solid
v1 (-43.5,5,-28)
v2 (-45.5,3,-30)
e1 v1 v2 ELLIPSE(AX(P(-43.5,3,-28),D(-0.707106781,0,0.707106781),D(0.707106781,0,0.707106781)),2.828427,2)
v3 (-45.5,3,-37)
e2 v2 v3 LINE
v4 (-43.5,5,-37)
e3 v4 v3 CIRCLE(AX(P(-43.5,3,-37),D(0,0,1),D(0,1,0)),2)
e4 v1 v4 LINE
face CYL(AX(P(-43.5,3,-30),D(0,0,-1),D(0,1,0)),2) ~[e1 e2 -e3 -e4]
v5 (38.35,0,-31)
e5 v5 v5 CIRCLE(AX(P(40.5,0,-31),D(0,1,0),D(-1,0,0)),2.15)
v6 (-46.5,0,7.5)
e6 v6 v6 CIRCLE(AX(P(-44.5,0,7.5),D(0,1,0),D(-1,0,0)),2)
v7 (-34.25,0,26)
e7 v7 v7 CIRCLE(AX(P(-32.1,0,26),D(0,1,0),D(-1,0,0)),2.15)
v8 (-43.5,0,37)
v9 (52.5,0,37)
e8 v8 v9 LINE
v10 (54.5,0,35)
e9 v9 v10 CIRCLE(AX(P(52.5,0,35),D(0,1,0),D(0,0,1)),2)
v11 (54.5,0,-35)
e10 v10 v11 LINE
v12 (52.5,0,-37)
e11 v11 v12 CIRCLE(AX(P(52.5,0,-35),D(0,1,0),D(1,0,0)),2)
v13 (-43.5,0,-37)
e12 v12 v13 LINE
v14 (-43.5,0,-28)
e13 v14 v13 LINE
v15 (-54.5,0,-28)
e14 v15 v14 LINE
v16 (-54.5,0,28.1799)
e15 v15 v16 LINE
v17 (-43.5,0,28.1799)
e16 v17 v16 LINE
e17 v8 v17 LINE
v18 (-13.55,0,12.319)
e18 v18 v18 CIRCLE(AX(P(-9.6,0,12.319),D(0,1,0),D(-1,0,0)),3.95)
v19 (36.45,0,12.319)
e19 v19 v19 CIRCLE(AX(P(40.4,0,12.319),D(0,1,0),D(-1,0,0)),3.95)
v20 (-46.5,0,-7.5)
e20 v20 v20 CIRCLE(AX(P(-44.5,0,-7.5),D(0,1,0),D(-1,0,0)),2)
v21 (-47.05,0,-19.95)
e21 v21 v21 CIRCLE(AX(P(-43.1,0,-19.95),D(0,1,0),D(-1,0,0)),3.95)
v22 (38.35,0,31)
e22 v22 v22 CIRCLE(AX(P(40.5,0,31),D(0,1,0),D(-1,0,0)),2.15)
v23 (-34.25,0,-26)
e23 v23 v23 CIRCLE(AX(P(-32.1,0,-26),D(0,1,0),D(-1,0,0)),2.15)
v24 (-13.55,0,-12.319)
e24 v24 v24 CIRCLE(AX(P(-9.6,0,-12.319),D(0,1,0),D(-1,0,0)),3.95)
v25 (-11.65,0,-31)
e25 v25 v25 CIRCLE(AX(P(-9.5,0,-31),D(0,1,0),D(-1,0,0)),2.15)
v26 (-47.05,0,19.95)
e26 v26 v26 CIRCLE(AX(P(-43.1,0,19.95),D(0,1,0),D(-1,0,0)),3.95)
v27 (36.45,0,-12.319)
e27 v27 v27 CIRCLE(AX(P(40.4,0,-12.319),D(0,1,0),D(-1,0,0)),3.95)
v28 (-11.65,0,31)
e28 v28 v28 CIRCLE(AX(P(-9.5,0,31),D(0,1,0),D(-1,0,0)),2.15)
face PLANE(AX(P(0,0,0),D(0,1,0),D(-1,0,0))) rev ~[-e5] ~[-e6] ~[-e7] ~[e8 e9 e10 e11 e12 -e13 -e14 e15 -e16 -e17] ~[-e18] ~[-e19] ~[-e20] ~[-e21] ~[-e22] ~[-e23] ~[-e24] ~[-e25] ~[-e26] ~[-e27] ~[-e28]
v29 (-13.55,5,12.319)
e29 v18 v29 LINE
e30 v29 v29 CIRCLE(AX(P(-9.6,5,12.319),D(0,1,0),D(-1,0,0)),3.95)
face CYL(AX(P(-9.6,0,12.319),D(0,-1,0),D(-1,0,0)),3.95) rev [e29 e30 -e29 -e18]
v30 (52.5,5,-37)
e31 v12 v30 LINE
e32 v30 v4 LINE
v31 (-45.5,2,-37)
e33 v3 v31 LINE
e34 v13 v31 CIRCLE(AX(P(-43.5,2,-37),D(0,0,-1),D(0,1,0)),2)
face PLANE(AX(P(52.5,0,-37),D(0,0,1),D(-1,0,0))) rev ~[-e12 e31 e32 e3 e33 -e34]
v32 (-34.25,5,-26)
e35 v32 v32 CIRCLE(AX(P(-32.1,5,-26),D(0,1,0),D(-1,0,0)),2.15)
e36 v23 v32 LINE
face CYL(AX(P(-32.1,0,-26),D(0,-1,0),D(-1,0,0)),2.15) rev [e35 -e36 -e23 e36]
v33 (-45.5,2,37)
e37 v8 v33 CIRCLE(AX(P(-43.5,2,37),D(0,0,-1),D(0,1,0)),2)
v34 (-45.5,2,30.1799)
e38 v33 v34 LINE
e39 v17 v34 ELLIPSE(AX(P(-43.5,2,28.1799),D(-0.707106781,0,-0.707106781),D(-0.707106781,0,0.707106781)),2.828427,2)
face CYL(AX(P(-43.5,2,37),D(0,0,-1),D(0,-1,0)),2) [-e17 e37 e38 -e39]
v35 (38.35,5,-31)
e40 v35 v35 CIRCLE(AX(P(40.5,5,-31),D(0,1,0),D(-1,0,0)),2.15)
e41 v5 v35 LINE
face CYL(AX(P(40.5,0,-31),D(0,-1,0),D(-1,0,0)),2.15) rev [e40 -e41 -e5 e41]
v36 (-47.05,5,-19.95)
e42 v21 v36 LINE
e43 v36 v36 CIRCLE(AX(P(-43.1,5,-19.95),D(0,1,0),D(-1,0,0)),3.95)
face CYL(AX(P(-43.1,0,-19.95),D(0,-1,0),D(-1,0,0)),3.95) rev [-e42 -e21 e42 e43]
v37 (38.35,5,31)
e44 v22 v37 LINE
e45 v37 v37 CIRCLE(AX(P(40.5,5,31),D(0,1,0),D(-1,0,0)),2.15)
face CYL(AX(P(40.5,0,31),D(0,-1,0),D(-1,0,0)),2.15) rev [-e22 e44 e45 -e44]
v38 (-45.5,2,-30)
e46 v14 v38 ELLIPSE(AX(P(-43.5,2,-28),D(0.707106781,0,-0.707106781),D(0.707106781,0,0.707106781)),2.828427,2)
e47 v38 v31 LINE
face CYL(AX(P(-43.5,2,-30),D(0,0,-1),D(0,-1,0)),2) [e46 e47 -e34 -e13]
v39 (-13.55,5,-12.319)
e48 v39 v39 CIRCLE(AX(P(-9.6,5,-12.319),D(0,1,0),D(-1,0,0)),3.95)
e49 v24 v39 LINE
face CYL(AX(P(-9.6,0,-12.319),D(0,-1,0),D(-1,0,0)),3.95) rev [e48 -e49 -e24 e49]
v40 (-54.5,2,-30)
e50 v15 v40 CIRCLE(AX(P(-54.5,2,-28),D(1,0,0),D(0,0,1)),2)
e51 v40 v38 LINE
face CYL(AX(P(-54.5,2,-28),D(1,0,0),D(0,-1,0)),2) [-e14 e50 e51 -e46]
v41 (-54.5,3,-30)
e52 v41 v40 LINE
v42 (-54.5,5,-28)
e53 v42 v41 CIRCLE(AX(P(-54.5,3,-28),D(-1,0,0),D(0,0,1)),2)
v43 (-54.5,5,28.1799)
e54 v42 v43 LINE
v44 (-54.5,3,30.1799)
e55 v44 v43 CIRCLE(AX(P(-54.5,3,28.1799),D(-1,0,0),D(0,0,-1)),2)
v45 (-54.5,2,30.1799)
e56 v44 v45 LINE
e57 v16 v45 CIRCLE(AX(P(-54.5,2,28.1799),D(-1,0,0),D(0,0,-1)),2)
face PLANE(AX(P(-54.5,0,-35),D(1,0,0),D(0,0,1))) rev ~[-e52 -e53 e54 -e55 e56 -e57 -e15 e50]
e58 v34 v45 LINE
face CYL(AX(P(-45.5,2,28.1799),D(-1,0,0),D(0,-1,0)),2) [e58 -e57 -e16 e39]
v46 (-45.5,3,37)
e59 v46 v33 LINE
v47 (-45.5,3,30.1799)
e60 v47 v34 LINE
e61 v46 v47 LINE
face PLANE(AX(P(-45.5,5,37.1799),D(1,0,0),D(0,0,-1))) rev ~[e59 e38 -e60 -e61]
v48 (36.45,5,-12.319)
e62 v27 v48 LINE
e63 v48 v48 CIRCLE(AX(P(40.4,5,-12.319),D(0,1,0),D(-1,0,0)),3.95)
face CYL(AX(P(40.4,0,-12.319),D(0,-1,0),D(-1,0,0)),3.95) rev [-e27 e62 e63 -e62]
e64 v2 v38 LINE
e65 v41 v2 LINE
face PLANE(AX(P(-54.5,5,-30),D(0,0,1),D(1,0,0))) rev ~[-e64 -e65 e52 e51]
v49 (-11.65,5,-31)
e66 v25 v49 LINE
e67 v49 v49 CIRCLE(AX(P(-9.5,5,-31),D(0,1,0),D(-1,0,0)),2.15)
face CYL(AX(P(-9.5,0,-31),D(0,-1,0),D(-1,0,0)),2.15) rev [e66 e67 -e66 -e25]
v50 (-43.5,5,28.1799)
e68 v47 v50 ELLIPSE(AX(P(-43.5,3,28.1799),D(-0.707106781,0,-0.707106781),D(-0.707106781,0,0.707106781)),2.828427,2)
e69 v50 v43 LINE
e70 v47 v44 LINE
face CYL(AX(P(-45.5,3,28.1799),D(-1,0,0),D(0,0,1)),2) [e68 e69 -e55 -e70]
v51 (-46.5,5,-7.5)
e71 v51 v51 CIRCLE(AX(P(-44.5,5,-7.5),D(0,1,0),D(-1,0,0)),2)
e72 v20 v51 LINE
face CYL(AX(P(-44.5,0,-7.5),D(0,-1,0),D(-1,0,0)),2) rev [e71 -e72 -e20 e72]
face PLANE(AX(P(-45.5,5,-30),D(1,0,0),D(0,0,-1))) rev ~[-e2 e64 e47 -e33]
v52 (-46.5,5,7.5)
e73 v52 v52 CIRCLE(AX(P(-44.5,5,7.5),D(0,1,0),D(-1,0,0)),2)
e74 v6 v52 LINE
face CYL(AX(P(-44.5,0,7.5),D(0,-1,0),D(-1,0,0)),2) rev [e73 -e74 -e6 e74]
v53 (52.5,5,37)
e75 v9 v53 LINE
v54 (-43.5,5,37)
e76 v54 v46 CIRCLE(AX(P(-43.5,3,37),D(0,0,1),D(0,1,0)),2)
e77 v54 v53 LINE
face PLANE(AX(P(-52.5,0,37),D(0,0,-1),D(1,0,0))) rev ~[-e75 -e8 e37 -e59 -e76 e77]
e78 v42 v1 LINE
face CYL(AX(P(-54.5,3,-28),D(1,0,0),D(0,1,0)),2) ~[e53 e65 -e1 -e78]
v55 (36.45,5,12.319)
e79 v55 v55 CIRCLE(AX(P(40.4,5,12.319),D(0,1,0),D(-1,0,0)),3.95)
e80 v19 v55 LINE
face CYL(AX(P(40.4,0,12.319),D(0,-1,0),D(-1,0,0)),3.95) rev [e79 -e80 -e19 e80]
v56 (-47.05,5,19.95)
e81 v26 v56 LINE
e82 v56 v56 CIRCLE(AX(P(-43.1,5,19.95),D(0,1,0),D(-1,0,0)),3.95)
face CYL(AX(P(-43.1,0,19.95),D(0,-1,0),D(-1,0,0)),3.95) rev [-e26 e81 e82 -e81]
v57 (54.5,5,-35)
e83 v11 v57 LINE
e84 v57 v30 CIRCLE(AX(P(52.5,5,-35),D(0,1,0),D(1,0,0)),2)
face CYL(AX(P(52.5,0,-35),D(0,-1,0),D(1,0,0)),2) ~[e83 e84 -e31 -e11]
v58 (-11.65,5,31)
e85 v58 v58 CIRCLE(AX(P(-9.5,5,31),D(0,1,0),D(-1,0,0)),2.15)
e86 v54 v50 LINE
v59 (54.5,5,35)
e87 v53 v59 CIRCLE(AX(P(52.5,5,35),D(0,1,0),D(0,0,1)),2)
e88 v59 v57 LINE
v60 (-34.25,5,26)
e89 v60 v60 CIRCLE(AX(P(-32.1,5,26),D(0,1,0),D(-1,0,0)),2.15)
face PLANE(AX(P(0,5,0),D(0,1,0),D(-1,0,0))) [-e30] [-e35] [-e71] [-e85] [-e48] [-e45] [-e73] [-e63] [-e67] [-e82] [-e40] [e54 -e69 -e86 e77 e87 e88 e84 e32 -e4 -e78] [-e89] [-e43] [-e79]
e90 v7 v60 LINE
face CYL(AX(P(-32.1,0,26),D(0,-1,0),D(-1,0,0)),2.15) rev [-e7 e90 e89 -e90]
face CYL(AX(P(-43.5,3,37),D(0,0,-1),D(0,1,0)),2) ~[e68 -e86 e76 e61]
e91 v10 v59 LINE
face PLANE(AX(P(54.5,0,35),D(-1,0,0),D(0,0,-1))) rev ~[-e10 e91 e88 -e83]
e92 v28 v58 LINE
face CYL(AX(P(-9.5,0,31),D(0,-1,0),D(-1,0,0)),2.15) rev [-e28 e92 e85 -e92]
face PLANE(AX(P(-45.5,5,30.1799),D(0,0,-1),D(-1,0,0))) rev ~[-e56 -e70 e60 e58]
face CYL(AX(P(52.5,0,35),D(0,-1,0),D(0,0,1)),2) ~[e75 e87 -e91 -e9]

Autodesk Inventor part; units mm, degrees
ref_plane "YZ Plane" through (0, 0, 0) normal (1, 0, 0) x (0, 1, 0)
ref_plane "XZ Plane" through (0, 0, 0) normal (0, 1, 0) x (-1, 0, 0)
ref_plane "XY Plane" through (0, 0, 0) normal (0, 0, 1) x (1, 0, 0)
sketch "Sketch1" plane through (0, 0, 0) normal (0, 1, 0) x (-1, 0, 0)
  line L0 (52.5, 37) -> (-52.5, 37)
  line L1 (-54.5, 35) -> (-54.5, -35)
  line L2 (-52.5, -37) -> (52.5, -37)
  line L3 (54.5, -35) -> (54.5, 35)
  line L4 (54.5, 37) -> (-54.5, -37) construction
  line L5 (-54.5, 37) -> (54.5, -37) construction
  circle A0 centre (-40.5, -31) radius 2.15
  circle A1 centre (-40.5, 31) radius 2.15
  circle A2 centre (9.5, -31) radius 2.15
  circle A3 centre (9.5, 31) radius 2.15
  circle A4 centre (32.1, 26) radius 2.15
  circle A5 centre (32.1, -26) radius 2.15
  circle A6 centre (9.6, 12.319) radius 3.95
  circle A7 centre (9.6, -12.319) radius 3.95
  circle A8 centre (-40.4, 12.319) radius 3.95
  circle A9 centre (-40.4, -12.319) radius 3.95
  circle A10 centre (43.1, 19.95) radius 3.95
  circle A11 centre (43.1, -19.95) radius 3.95
  arc A12 (54.5, 35) -> (52.5, 37) centre (52.5, 35) ccw
  arc A13 (52.5, -37) -> (54.5, -35) centre (52.5, -35) ccw
  arc A14 (-54.5, -35) -> (-52.5, -37) centre (-52.5, -35) ccw
  arc A15 (-52.5, 37) -> (-54.5, 35) centre (-52.5, 35) ccw
  circle A16 centre (44.5, -7.5) radius 2
  circle A17 centre (44.5, 7.5) radius 2
  point P0 (0, 0)
  dimension "d0" = 109
  dimension "d1" = 74
  dimension "d2" = 4.3
  dimension "d3" = 6
  dimension "d4" = 14
  dimension "d5" = 4.3
  dimension "d6" = 6
  dimension "d7" = 14
  dimension "d8" = 4.3
  dimension "d9" = 6
  dimension "d10" = 64
  dimension "d11" = 4.3
  dimension "d12" = 6
  dimension "d13" = 64
  dimension "d14" = 4.3
  dimension "d20" = 7.9
  dimension "d22" = 7.9
  dimension "d24" = 64.1
  dimension "d25" = 64.1
  dimension "d26" = 7.9
  dimension "d27" = 50
  dimension "d28" = 24.638
  dimension "d29" = 12.319
  dimension "d30" = 12.319
  dimension "d31" = 7.9
  dimension "d32" = 24.638
  dimension "d33" = 50
  dimension "d34" = 7.9
  dimension "d35" = 7.9
  dimension "d36" = 39.9
  dimension "d37" = 19.95
  dimension "d42" = 2
  dimension "d59" = 11
  dimension "d61" = 26
  dimension "d63" = 52
  dimension "d64" = 11
  dimension "d65" = 4.3
  dimension "d66" = 33.5
  dimension "d67" = 33.5
  dimension "d70" = 4
  dimension "d71" = 4
  dimension "d72" = 15
  dimension "d73" = 7.5
  dimension "d74" = 10
  dimension "d75" = 10
extrude "Extrusion5" add sketch "Sketch1" along normal blind 5
thread "Thread1" size "M4x0.7" class "6H" standard "ANSI Metric M Profile" full length
thread "Thread2" size "M4x0.7" class "6H" standard "ANSI Metric M Profile" full length
sketch "Sketch2" plane through (0, 5, 0) normal (0, 1, 0) x (1, 0, 0)
  line L0 (-54.5, 30) -> (-45.5, 30)
  line L1 (-45.5, 30) -> (-45.5, 37)
  line L2 (-54.5, 35) -> (-54.5, -35) projected
  line L3 (52.5, 37) -> (-52.5, 37) projected
  line L4 (-45.5, -37.1799) -> (-45.5, -30.1799)
  line L5 (-45.5, -30.1799) -> (-54.5, -30.1799)
  line L6 (-54.5, 30) -> (-54.5, 37)
  line L7 (-54.5, 37) -> (-45.5, 37)
  line L8 (-45.5, -37.1799) -> (-54.5, -37.1799)
  line L9 (-54.5, -37.1799) -> (-54.5, -30.1799)
  point P0 (0, 0)
  dimension "d84" = 9
  dimension "d85" = 7
  dimension "d86" = 7
extrude "Extrusion7" cut sketch "Sketch2" against normal blind 10
fillet "Fillet1" radius 2 8 edges at (-50, 5, 30.1799) (-45.5, 5, 33.59) (-50, 5, -30) (-45.5, 5, -33.5) (-50, 0, 30.1799) (-45.5, 0, 33.59) (-50, 0, -30) (-45.5, 0, -33.5)
equation "\"d86\" = d85"
properties part number "TopSupport"
